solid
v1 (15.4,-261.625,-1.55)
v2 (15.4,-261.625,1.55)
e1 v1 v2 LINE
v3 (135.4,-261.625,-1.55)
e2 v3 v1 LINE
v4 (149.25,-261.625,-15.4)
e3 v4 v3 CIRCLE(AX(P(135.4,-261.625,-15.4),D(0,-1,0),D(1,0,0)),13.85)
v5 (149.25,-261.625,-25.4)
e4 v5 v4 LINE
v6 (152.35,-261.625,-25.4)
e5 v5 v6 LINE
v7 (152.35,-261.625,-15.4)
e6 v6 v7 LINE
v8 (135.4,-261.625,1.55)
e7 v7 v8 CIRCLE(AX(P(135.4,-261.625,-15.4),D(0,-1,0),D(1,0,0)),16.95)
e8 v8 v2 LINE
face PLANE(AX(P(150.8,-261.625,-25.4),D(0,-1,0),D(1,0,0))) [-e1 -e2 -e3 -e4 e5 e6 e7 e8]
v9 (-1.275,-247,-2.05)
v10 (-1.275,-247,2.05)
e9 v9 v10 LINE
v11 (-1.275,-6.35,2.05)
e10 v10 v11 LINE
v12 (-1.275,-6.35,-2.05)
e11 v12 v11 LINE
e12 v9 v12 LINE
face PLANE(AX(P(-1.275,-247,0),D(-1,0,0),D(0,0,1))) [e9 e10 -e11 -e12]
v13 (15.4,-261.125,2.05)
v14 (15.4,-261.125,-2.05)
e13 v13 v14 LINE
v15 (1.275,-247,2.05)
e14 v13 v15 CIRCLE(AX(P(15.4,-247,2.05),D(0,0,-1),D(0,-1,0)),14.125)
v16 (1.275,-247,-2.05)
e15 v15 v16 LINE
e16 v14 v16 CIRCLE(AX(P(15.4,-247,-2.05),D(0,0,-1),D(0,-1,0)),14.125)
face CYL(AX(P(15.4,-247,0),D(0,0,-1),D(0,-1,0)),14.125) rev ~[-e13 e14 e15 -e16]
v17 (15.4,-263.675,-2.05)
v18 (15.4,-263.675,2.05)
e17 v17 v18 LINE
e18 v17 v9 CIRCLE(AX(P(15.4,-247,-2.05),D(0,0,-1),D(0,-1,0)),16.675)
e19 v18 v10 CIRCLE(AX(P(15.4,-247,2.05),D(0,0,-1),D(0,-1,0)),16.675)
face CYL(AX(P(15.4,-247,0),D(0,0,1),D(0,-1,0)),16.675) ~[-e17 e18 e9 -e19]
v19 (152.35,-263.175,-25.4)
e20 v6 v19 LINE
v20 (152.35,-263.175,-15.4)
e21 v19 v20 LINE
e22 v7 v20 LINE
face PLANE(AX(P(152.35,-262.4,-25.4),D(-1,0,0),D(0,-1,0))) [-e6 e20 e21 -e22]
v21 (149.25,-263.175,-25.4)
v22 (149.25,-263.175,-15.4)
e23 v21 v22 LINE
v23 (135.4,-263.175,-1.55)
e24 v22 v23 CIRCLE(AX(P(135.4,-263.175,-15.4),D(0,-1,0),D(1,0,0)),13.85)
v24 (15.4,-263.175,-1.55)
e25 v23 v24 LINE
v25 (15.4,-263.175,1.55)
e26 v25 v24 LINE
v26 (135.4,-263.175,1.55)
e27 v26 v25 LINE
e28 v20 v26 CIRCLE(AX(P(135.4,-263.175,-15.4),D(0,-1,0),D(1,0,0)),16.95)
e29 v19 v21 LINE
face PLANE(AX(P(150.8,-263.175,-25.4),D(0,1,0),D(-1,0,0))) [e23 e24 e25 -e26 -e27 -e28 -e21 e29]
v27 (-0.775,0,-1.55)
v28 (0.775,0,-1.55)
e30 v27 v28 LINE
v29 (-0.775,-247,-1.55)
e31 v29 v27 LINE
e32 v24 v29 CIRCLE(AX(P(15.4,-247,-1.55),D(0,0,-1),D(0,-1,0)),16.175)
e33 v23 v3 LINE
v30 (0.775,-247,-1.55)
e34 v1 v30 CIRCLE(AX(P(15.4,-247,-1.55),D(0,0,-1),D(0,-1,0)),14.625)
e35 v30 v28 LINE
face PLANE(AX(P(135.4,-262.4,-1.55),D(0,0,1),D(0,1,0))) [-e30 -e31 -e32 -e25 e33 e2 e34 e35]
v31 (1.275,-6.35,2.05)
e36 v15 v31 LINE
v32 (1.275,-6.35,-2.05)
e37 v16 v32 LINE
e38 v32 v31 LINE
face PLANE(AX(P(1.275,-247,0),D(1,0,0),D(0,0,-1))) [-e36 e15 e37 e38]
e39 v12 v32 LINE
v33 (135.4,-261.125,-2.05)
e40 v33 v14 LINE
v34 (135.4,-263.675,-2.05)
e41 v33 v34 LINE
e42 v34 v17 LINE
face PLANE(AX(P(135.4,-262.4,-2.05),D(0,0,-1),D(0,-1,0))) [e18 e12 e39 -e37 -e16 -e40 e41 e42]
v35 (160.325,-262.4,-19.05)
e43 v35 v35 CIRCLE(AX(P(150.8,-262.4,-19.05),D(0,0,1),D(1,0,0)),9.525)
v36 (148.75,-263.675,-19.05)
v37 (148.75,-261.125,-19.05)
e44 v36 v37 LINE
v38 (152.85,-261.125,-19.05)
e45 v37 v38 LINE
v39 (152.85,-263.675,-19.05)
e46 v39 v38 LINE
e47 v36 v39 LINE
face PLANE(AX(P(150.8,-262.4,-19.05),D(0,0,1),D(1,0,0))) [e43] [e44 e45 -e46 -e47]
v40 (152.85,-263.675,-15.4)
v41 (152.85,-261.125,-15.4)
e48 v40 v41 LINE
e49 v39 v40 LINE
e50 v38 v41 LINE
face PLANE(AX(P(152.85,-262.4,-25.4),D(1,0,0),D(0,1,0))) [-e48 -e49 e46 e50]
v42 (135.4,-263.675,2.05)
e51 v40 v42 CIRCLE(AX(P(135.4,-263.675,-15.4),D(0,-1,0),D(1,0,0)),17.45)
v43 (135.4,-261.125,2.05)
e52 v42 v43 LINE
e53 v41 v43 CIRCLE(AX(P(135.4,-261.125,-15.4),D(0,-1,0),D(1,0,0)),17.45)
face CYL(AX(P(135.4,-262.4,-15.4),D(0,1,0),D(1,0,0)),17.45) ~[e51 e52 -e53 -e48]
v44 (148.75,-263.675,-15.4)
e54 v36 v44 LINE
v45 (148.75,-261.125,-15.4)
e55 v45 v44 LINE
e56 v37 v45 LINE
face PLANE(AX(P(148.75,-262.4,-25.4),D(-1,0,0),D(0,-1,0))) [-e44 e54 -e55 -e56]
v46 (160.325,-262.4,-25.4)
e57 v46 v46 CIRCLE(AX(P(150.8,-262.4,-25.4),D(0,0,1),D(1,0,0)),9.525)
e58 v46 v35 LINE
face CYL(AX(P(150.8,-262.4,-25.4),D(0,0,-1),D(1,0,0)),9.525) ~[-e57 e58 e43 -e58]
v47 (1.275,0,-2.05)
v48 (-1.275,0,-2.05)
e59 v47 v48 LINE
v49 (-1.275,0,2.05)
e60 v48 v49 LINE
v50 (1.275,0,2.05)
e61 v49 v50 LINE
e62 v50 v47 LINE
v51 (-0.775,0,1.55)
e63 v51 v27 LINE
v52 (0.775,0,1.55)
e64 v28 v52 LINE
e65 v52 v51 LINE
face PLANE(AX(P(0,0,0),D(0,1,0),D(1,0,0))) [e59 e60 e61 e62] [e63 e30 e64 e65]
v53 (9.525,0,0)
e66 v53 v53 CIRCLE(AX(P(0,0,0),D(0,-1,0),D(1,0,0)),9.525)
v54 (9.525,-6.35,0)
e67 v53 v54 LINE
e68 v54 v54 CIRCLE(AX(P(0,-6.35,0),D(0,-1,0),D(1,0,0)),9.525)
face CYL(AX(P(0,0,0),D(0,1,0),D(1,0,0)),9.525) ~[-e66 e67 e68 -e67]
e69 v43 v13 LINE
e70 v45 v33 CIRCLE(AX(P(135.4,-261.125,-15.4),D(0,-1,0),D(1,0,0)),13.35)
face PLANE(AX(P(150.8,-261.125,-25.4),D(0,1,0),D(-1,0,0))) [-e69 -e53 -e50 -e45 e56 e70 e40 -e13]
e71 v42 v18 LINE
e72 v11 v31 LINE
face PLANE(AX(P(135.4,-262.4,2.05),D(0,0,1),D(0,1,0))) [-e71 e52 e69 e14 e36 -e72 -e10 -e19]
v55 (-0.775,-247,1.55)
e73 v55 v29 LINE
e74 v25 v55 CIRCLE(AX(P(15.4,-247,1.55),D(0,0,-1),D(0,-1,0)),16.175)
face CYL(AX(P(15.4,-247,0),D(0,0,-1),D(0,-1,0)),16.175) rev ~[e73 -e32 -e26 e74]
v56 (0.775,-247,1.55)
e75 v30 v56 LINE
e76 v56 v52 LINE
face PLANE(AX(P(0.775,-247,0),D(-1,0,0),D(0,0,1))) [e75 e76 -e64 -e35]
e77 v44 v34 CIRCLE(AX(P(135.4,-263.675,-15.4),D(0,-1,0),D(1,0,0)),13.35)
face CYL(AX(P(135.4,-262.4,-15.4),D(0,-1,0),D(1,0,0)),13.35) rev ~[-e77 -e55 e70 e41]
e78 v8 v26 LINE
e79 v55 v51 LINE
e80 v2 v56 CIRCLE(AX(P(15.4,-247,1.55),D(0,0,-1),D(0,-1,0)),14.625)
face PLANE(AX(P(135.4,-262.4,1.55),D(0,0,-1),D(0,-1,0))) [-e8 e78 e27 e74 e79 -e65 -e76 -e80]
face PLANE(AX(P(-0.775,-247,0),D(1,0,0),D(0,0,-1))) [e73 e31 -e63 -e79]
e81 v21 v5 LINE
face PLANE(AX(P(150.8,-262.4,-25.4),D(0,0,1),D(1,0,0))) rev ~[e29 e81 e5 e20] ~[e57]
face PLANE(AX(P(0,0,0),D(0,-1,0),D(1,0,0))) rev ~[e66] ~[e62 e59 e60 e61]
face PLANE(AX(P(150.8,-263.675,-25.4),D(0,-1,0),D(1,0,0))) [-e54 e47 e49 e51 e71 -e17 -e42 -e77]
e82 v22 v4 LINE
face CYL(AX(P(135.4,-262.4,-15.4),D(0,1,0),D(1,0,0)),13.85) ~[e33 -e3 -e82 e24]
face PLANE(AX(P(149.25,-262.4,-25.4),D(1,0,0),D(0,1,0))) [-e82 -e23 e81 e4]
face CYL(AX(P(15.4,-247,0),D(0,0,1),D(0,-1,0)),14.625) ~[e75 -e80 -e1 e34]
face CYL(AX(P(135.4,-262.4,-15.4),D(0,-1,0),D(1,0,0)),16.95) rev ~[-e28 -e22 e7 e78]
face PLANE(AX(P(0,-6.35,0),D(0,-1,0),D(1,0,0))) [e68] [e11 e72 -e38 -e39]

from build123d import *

# Parameters (mm, degrees)
F5_W     = 4.1
F5_H     = 2.55
F5_W_2   = 3.1
F5_H_2   = 1.55
F5_R     = 9.525
F7_DEPTH = 6.35
F0_R     = 9.525
F0_W     = 2.55
F0_H     = 4.1
F8_DEPTH = 6.35


with BuildPart() as f6:
    # F6: sweep along a path in F3, F1
    with BuildLine(Plane.XZ.offset(262.4)) as f6_path:
        Line((150.8, -25.4), (150.8, -15.4))
        ThreePointArc((150.8, -15.4), (146.2894444303, -4.5105555697), (135.4, 0))
        Line((135.4, 0), (125.4, 0))
    with BuildLine(Plane.XY) as f6_path_2:
        Line((125.4, -262.4), (25.4, -262.4))
        Line((25.4, -262.4), (15.4, -262.4))
        ThreePointArc((15.4, -262.4), (4.5105555697, -257.8894444303), (0, -247))
        Line((0, -247), (0, -237))
        Line((0, -237), (0, 0))
    # F5 (on offset) → F6 (sweep)
    with BuildSketch(Plane.XY.offset(-25.4)):
        with Locations((150.8, -262.4)):
            Rectangle(F5_W, F5_H)
        with Locations((150.8, -262.4)):
            Rectangle(F5_W_2, F5_H_2, mode=Mode.SUBTRACT)
    sweep(path=f6_path.line + f6_path_2.line)

    # F5 (on offset) → F7 (join)
    with BuildSketch(Plane.XY.offset(-25.4)):
        with Locations((150.8, -262.4)):
            Circle(F5_R)
        with Locations((150.8, -262.4)):
            Rectangle(F5_W, F5_H, mode=Mode.SUBTRACT)
    extrude(amount=F7_DEPTH)

    # F0 (on Front) → F8 (join)
    with BuildSketch(Plane.XZ):
        Circle(F0_R)
        Rectangle(F0_W, F0_H, mode=Mode.SUBTRACT)
    extrude(amount=F8_DEPTH)


solid = f6.part
